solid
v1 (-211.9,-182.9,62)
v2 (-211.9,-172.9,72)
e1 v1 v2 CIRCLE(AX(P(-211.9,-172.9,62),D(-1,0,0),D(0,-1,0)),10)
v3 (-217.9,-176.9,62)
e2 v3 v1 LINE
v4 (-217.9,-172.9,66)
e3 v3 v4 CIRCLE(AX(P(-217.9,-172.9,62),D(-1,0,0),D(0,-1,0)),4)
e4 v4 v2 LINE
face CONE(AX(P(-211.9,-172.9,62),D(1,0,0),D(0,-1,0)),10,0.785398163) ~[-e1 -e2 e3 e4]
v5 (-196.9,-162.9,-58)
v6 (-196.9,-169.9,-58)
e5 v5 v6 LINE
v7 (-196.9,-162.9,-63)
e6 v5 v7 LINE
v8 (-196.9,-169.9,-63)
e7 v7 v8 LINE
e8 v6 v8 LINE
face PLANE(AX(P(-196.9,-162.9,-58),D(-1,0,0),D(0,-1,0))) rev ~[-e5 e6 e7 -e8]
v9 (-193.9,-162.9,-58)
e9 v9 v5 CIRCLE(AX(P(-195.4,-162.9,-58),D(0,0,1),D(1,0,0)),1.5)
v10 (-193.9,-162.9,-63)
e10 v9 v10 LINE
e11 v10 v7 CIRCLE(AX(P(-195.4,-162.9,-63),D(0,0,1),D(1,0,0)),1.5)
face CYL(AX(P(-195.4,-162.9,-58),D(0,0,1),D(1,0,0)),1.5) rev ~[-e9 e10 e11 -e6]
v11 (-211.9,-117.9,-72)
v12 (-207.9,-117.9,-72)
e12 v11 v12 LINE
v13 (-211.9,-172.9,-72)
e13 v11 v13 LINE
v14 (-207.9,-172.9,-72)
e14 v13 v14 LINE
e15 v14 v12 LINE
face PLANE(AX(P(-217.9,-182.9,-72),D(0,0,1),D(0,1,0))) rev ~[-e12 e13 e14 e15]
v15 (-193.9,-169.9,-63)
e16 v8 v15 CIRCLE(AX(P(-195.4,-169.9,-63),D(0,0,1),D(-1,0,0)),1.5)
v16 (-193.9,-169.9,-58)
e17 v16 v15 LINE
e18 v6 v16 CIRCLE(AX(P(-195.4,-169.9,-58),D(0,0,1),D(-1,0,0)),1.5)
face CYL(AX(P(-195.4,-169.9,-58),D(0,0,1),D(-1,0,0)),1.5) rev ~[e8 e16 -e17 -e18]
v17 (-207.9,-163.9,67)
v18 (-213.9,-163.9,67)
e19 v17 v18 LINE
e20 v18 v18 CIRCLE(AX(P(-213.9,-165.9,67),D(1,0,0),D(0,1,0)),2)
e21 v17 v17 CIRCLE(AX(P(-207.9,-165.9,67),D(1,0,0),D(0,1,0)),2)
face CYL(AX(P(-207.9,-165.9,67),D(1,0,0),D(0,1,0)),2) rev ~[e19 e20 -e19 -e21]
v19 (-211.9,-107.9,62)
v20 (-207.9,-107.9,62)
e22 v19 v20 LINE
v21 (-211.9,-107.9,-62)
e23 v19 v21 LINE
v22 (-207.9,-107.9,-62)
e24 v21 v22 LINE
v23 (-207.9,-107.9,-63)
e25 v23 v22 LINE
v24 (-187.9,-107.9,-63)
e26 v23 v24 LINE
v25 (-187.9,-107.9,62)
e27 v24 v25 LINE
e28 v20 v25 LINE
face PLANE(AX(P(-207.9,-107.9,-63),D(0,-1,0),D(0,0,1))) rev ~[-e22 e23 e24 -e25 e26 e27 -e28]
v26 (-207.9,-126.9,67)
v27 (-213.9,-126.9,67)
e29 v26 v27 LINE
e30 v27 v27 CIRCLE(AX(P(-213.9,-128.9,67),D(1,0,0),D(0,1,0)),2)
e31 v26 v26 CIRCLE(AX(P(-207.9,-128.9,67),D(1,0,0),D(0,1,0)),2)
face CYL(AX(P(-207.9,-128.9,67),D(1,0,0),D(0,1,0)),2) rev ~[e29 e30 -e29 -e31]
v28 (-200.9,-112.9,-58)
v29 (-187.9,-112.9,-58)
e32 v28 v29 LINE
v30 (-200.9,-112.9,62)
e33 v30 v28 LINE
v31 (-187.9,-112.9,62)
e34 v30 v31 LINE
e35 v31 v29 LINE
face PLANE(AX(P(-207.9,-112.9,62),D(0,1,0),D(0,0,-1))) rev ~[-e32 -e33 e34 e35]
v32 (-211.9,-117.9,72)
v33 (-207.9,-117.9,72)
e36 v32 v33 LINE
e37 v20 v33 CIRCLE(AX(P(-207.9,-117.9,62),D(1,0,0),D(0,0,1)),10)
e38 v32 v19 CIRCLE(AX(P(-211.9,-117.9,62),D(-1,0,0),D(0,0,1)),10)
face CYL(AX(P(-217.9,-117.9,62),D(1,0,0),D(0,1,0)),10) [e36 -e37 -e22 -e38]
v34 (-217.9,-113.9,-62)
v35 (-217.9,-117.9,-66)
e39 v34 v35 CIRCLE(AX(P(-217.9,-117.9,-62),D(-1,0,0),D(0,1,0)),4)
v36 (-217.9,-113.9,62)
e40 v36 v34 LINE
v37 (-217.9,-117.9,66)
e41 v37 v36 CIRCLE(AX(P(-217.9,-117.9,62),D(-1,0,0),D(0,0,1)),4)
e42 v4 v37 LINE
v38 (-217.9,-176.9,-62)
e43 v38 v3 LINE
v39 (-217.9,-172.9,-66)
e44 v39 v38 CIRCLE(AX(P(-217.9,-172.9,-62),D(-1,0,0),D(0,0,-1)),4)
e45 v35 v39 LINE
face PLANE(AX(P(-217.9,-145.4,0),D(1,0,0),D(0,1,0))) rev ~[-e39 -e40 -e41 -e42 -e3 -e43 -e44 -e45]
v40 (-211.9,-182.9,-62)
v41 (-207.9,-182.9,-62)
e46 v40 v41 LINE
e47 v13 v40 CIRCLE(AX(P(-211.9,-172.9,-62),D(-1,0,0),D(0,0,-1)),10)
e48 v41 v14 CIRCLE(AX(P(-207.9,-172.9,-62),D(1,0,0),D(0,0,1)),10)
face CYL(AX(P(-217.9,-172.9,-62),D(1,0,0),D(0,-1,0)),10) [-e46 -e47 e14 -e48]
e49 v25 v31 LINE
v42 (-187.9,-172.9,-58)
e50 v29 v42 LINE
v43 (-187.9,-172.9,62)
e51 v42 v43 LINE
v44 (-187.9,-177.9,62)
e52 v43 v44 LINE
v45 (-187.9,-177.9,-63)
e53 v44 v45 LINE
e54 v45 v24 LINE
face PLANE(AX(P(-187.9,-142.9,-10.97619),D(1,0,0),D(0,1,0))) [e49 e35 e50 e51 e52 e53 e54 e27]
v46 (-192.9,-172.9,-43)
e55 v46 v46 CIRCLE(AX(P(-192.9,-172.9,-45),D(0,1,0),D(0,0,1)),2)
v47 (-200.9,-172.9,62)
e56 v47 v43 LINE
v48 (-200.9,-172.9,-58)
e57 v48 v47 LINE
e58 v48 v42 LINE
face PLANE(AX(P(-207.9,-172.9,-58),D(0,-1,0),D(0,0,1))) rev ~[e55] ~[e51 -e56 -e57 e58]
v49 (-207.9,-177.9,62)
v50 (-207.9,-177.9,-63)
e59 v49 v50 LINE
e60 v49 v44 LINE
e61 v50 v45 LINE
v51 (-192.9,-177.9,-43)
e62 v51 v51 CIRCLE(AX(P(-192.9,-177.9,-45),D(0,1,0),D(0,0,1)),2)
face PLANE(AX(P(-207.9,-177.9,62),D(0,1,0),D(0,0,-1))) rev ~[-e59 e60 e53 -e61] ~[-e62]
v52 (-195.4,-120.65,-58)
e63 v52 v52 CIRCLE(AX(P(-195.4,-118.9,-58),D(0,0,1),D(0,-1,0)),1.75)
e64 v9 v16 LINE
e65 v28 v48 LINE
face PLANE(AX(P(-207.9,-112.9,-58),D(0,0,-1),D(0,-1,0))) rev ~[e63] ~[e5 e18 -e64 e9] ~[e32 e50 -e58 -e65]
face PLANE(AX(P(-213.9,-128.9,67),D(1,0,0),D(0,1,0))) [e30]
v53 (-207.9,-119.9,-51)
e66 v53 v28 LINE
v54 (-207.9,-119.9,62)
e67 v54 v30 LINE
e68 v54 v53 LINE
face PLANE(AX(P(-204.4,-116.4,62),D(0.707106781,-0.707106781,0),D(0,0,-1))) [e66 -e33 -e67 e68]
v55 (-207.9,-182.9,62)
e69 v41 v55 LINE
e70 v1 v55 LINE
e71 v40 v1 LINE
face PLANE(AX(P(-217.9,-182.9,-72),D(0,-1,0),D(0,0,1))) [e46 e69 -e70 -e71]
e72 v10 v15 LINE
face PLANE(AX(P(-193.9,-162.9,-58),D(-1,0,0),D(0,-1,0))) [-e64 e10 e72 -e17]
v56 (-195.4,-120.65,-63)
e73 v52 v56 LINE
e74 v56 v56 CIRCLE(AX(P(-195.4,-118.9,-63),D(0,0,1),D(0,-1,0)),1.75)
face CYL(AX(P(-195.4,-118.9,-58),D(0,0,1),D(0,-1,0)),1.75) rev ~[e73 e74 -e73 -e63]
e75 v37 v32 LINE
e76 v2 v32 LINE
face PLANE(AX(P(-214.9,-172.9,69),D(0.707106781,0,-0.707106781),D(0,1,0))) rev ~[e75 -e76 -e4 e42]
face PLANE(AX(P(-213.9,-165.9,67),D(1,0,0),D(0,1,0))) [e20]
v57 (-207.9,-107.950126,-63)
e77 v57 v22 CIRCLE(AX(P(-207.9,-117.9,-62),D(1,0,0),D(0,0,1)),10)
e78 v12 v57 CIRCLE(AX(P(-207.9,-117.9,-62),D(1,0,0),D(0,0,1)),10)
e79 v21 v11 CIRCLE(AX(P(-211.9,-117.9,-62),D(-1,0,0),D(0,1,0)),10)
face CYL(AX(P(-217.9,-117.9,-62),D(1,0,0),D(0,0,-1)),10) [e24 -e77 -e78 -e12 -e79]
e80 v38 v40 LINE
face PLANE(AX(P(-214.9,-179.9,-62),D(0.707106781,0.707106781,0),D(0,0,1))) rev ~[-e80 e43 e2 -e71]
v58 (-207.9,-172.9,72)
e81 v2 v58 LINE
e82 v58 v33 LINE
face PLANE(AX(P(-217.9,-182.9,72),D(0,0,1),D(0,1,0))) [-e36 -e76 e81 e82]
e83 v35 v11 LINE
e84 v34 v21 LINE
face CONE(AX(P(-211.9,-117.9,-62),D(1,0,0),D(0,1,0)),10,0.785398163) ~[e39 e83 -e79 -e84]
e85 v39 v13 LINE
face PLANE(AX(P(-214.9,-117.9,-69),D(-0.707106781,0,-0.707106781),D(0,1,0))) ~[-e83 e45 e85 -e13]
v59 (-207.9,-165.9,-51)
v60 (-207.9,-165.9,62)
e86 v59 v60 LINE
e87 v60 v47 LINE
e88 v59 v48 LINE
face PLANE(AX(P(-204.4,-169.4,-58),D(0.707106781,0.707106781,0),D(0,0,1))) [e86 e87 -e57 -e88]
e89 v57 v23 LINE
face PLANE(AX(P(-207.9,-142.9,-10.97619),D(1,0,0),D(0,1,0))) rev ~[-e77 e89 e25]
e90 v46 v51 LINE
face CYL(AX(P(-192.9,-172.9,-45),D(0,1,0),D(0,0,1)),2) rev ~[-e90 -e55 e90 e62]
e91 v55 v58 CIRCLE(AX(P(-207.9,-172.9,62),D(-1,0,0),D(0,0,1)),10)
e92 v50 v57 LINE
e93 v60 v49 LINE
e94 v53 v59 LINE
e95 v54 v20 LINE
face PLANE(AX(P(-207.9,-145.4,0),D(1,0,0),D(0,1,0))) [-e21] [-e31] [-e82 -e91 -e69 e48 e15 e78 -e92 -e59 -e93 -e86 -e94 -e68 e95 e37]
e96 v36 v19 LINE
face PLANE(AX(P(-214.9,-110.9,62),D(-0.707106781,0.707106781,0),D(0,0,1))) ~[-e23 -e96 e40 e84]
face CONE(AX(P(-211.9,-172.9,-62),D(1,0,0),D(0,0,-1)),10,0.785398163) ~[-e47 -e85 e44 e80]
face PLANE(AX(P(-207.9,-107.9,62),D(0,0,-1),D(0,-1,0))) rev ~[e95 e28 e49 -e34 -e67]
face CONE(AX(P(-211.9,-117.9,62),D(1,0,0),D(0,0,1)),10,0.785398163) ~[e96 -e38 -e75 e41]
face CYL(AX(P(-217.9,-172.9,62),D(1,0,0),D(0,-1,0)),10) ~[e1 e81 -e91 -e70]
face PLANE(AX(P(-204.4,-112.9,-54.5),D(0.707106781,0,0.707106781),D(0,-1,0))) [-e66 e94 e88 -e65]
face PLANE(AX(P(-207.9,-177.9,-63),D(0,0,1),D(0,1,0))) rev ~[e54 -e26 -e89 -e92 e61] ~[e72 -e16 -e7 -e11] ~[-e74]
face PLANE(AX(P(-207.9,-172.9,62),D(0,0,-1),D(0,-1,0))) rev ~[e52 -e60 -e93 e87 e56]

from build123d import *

# Parameters (mm, degrees)
SKETCH165_W     = 75
SKETCH165_H     = 144
PAD045_DEPTH    = 10
FILLET025_R     = 10
CHAMFER010_SIZE = 6
SKETCH166_R     = 2
POCKET056_DEPTH = 6
PAD046_DEPTH    = 20
SKETCH169_R     = 1.75
POCKET057_DEPTH = 5
CHAMFER011_SIZE = 7
SKETCH172_R     = 2
POCKET059_DEPTH = 5


with BuildPart() as part:
    # Sketch165 → Pad045 (new body)
    with BuildSketch(Plane.YZ):
        with Locations((5.5, 0)):
            Rectangle(SKETCH165_W, SKETCH165_H)
    extrude(amount=PAD045_DEPTH)

    # Fillet025
    fillet025_edges = [part.edges().sort_by_distance(p)[0] for p in [
        (5, 43, -72),
        (5, -32, -72),
        (5, -32, 72),
        (5, 43, 72),
    ]]
    fillet(fillet025_edges, radius=FILLET025_R)

    # Chamfer010
    chamfer010_edges = [part.edges().sort_by_distance(p)[0] for p in [
        (0, 5.5, 72),
        (0, -32, 0),
        (0, 43, 0),
        (0, 5.5, -72),
    ]]
    chamfer(chamfer010_edges, length=CHAMFER010_SIZE)

    # Sketch166 (on Face4 of Chamfer010) → Pocket056 (cut)
    with BuildSketch(Plane.YZ.offset(10)):
        with Locations((-15, 67)):
            Circle(SKETCH166_R)
        with Locations((22, 67)):
            Circle(SKETCH166_R)
    extrude(amount=-POCKET056_DEPTH, mode=Mode.SUBTRACT)

    # Sketch167 (on Face4 of Pocket056) → Pad046 (join)
    with BuildSketch(Plane.YZ.offset(10)):
        Polygon((-27, 62), (-27, -63), (43, -63), (43, 62), (38, 62), (38, -58), (-22, -58), (-22, 62), align=None)
    extrude(amount=PAD046_DEPTH)

    # Sketch169 (on Face13 of Pad046) → Pocket057 (cut)
    with BuildSketch(Plane(origin=(0, 0, -58), x_dir=(0, -1, 0), z_dir=(0, 0, 1))):
        with Locations((-32, 22.5)):
            Circle(SKETCH169_R)
        with BuildLine():
            ThreePointArc((12, 24), (10.5, 22.5), (12, 21))
            Line((12, 21), (19, 21))
            ThreePointArc((19, 21), (20.5, 22.5), (19, 24))
            Line((12, 24), (19, 24))
        make_face()
    extrude(amount=-POCKET057_DEPTH, mode=Mode.SUBTRACT)

    # Chamfer011
    chamfer011_edges = [part.edges().sort_by_distance(p)[0] for p in [
        (10, 8, -58),
        (10, -22, 2),
        (10, 38, 2),
    ]]
    chamfer(chamfer011_edges, length=CHAMFER011_SIZE)

    # Sketch172 (on Face18 of Chamfer011) → Pocket059 (cut)
    with BuildSketch(Plane.ZX.offset(-22)):
        with Locations((-45, 25)):
            Circle(SKETCH172_R)
    extrude(amount=-POCKET059_DEPTH, mode=Mode.SUBTRACT)


with BuildPart() as part_1:
    # Body016 placement: moved
    add(part.part.moved(Location((-217.9, -150.9, 0))))


solid = part_1.part
